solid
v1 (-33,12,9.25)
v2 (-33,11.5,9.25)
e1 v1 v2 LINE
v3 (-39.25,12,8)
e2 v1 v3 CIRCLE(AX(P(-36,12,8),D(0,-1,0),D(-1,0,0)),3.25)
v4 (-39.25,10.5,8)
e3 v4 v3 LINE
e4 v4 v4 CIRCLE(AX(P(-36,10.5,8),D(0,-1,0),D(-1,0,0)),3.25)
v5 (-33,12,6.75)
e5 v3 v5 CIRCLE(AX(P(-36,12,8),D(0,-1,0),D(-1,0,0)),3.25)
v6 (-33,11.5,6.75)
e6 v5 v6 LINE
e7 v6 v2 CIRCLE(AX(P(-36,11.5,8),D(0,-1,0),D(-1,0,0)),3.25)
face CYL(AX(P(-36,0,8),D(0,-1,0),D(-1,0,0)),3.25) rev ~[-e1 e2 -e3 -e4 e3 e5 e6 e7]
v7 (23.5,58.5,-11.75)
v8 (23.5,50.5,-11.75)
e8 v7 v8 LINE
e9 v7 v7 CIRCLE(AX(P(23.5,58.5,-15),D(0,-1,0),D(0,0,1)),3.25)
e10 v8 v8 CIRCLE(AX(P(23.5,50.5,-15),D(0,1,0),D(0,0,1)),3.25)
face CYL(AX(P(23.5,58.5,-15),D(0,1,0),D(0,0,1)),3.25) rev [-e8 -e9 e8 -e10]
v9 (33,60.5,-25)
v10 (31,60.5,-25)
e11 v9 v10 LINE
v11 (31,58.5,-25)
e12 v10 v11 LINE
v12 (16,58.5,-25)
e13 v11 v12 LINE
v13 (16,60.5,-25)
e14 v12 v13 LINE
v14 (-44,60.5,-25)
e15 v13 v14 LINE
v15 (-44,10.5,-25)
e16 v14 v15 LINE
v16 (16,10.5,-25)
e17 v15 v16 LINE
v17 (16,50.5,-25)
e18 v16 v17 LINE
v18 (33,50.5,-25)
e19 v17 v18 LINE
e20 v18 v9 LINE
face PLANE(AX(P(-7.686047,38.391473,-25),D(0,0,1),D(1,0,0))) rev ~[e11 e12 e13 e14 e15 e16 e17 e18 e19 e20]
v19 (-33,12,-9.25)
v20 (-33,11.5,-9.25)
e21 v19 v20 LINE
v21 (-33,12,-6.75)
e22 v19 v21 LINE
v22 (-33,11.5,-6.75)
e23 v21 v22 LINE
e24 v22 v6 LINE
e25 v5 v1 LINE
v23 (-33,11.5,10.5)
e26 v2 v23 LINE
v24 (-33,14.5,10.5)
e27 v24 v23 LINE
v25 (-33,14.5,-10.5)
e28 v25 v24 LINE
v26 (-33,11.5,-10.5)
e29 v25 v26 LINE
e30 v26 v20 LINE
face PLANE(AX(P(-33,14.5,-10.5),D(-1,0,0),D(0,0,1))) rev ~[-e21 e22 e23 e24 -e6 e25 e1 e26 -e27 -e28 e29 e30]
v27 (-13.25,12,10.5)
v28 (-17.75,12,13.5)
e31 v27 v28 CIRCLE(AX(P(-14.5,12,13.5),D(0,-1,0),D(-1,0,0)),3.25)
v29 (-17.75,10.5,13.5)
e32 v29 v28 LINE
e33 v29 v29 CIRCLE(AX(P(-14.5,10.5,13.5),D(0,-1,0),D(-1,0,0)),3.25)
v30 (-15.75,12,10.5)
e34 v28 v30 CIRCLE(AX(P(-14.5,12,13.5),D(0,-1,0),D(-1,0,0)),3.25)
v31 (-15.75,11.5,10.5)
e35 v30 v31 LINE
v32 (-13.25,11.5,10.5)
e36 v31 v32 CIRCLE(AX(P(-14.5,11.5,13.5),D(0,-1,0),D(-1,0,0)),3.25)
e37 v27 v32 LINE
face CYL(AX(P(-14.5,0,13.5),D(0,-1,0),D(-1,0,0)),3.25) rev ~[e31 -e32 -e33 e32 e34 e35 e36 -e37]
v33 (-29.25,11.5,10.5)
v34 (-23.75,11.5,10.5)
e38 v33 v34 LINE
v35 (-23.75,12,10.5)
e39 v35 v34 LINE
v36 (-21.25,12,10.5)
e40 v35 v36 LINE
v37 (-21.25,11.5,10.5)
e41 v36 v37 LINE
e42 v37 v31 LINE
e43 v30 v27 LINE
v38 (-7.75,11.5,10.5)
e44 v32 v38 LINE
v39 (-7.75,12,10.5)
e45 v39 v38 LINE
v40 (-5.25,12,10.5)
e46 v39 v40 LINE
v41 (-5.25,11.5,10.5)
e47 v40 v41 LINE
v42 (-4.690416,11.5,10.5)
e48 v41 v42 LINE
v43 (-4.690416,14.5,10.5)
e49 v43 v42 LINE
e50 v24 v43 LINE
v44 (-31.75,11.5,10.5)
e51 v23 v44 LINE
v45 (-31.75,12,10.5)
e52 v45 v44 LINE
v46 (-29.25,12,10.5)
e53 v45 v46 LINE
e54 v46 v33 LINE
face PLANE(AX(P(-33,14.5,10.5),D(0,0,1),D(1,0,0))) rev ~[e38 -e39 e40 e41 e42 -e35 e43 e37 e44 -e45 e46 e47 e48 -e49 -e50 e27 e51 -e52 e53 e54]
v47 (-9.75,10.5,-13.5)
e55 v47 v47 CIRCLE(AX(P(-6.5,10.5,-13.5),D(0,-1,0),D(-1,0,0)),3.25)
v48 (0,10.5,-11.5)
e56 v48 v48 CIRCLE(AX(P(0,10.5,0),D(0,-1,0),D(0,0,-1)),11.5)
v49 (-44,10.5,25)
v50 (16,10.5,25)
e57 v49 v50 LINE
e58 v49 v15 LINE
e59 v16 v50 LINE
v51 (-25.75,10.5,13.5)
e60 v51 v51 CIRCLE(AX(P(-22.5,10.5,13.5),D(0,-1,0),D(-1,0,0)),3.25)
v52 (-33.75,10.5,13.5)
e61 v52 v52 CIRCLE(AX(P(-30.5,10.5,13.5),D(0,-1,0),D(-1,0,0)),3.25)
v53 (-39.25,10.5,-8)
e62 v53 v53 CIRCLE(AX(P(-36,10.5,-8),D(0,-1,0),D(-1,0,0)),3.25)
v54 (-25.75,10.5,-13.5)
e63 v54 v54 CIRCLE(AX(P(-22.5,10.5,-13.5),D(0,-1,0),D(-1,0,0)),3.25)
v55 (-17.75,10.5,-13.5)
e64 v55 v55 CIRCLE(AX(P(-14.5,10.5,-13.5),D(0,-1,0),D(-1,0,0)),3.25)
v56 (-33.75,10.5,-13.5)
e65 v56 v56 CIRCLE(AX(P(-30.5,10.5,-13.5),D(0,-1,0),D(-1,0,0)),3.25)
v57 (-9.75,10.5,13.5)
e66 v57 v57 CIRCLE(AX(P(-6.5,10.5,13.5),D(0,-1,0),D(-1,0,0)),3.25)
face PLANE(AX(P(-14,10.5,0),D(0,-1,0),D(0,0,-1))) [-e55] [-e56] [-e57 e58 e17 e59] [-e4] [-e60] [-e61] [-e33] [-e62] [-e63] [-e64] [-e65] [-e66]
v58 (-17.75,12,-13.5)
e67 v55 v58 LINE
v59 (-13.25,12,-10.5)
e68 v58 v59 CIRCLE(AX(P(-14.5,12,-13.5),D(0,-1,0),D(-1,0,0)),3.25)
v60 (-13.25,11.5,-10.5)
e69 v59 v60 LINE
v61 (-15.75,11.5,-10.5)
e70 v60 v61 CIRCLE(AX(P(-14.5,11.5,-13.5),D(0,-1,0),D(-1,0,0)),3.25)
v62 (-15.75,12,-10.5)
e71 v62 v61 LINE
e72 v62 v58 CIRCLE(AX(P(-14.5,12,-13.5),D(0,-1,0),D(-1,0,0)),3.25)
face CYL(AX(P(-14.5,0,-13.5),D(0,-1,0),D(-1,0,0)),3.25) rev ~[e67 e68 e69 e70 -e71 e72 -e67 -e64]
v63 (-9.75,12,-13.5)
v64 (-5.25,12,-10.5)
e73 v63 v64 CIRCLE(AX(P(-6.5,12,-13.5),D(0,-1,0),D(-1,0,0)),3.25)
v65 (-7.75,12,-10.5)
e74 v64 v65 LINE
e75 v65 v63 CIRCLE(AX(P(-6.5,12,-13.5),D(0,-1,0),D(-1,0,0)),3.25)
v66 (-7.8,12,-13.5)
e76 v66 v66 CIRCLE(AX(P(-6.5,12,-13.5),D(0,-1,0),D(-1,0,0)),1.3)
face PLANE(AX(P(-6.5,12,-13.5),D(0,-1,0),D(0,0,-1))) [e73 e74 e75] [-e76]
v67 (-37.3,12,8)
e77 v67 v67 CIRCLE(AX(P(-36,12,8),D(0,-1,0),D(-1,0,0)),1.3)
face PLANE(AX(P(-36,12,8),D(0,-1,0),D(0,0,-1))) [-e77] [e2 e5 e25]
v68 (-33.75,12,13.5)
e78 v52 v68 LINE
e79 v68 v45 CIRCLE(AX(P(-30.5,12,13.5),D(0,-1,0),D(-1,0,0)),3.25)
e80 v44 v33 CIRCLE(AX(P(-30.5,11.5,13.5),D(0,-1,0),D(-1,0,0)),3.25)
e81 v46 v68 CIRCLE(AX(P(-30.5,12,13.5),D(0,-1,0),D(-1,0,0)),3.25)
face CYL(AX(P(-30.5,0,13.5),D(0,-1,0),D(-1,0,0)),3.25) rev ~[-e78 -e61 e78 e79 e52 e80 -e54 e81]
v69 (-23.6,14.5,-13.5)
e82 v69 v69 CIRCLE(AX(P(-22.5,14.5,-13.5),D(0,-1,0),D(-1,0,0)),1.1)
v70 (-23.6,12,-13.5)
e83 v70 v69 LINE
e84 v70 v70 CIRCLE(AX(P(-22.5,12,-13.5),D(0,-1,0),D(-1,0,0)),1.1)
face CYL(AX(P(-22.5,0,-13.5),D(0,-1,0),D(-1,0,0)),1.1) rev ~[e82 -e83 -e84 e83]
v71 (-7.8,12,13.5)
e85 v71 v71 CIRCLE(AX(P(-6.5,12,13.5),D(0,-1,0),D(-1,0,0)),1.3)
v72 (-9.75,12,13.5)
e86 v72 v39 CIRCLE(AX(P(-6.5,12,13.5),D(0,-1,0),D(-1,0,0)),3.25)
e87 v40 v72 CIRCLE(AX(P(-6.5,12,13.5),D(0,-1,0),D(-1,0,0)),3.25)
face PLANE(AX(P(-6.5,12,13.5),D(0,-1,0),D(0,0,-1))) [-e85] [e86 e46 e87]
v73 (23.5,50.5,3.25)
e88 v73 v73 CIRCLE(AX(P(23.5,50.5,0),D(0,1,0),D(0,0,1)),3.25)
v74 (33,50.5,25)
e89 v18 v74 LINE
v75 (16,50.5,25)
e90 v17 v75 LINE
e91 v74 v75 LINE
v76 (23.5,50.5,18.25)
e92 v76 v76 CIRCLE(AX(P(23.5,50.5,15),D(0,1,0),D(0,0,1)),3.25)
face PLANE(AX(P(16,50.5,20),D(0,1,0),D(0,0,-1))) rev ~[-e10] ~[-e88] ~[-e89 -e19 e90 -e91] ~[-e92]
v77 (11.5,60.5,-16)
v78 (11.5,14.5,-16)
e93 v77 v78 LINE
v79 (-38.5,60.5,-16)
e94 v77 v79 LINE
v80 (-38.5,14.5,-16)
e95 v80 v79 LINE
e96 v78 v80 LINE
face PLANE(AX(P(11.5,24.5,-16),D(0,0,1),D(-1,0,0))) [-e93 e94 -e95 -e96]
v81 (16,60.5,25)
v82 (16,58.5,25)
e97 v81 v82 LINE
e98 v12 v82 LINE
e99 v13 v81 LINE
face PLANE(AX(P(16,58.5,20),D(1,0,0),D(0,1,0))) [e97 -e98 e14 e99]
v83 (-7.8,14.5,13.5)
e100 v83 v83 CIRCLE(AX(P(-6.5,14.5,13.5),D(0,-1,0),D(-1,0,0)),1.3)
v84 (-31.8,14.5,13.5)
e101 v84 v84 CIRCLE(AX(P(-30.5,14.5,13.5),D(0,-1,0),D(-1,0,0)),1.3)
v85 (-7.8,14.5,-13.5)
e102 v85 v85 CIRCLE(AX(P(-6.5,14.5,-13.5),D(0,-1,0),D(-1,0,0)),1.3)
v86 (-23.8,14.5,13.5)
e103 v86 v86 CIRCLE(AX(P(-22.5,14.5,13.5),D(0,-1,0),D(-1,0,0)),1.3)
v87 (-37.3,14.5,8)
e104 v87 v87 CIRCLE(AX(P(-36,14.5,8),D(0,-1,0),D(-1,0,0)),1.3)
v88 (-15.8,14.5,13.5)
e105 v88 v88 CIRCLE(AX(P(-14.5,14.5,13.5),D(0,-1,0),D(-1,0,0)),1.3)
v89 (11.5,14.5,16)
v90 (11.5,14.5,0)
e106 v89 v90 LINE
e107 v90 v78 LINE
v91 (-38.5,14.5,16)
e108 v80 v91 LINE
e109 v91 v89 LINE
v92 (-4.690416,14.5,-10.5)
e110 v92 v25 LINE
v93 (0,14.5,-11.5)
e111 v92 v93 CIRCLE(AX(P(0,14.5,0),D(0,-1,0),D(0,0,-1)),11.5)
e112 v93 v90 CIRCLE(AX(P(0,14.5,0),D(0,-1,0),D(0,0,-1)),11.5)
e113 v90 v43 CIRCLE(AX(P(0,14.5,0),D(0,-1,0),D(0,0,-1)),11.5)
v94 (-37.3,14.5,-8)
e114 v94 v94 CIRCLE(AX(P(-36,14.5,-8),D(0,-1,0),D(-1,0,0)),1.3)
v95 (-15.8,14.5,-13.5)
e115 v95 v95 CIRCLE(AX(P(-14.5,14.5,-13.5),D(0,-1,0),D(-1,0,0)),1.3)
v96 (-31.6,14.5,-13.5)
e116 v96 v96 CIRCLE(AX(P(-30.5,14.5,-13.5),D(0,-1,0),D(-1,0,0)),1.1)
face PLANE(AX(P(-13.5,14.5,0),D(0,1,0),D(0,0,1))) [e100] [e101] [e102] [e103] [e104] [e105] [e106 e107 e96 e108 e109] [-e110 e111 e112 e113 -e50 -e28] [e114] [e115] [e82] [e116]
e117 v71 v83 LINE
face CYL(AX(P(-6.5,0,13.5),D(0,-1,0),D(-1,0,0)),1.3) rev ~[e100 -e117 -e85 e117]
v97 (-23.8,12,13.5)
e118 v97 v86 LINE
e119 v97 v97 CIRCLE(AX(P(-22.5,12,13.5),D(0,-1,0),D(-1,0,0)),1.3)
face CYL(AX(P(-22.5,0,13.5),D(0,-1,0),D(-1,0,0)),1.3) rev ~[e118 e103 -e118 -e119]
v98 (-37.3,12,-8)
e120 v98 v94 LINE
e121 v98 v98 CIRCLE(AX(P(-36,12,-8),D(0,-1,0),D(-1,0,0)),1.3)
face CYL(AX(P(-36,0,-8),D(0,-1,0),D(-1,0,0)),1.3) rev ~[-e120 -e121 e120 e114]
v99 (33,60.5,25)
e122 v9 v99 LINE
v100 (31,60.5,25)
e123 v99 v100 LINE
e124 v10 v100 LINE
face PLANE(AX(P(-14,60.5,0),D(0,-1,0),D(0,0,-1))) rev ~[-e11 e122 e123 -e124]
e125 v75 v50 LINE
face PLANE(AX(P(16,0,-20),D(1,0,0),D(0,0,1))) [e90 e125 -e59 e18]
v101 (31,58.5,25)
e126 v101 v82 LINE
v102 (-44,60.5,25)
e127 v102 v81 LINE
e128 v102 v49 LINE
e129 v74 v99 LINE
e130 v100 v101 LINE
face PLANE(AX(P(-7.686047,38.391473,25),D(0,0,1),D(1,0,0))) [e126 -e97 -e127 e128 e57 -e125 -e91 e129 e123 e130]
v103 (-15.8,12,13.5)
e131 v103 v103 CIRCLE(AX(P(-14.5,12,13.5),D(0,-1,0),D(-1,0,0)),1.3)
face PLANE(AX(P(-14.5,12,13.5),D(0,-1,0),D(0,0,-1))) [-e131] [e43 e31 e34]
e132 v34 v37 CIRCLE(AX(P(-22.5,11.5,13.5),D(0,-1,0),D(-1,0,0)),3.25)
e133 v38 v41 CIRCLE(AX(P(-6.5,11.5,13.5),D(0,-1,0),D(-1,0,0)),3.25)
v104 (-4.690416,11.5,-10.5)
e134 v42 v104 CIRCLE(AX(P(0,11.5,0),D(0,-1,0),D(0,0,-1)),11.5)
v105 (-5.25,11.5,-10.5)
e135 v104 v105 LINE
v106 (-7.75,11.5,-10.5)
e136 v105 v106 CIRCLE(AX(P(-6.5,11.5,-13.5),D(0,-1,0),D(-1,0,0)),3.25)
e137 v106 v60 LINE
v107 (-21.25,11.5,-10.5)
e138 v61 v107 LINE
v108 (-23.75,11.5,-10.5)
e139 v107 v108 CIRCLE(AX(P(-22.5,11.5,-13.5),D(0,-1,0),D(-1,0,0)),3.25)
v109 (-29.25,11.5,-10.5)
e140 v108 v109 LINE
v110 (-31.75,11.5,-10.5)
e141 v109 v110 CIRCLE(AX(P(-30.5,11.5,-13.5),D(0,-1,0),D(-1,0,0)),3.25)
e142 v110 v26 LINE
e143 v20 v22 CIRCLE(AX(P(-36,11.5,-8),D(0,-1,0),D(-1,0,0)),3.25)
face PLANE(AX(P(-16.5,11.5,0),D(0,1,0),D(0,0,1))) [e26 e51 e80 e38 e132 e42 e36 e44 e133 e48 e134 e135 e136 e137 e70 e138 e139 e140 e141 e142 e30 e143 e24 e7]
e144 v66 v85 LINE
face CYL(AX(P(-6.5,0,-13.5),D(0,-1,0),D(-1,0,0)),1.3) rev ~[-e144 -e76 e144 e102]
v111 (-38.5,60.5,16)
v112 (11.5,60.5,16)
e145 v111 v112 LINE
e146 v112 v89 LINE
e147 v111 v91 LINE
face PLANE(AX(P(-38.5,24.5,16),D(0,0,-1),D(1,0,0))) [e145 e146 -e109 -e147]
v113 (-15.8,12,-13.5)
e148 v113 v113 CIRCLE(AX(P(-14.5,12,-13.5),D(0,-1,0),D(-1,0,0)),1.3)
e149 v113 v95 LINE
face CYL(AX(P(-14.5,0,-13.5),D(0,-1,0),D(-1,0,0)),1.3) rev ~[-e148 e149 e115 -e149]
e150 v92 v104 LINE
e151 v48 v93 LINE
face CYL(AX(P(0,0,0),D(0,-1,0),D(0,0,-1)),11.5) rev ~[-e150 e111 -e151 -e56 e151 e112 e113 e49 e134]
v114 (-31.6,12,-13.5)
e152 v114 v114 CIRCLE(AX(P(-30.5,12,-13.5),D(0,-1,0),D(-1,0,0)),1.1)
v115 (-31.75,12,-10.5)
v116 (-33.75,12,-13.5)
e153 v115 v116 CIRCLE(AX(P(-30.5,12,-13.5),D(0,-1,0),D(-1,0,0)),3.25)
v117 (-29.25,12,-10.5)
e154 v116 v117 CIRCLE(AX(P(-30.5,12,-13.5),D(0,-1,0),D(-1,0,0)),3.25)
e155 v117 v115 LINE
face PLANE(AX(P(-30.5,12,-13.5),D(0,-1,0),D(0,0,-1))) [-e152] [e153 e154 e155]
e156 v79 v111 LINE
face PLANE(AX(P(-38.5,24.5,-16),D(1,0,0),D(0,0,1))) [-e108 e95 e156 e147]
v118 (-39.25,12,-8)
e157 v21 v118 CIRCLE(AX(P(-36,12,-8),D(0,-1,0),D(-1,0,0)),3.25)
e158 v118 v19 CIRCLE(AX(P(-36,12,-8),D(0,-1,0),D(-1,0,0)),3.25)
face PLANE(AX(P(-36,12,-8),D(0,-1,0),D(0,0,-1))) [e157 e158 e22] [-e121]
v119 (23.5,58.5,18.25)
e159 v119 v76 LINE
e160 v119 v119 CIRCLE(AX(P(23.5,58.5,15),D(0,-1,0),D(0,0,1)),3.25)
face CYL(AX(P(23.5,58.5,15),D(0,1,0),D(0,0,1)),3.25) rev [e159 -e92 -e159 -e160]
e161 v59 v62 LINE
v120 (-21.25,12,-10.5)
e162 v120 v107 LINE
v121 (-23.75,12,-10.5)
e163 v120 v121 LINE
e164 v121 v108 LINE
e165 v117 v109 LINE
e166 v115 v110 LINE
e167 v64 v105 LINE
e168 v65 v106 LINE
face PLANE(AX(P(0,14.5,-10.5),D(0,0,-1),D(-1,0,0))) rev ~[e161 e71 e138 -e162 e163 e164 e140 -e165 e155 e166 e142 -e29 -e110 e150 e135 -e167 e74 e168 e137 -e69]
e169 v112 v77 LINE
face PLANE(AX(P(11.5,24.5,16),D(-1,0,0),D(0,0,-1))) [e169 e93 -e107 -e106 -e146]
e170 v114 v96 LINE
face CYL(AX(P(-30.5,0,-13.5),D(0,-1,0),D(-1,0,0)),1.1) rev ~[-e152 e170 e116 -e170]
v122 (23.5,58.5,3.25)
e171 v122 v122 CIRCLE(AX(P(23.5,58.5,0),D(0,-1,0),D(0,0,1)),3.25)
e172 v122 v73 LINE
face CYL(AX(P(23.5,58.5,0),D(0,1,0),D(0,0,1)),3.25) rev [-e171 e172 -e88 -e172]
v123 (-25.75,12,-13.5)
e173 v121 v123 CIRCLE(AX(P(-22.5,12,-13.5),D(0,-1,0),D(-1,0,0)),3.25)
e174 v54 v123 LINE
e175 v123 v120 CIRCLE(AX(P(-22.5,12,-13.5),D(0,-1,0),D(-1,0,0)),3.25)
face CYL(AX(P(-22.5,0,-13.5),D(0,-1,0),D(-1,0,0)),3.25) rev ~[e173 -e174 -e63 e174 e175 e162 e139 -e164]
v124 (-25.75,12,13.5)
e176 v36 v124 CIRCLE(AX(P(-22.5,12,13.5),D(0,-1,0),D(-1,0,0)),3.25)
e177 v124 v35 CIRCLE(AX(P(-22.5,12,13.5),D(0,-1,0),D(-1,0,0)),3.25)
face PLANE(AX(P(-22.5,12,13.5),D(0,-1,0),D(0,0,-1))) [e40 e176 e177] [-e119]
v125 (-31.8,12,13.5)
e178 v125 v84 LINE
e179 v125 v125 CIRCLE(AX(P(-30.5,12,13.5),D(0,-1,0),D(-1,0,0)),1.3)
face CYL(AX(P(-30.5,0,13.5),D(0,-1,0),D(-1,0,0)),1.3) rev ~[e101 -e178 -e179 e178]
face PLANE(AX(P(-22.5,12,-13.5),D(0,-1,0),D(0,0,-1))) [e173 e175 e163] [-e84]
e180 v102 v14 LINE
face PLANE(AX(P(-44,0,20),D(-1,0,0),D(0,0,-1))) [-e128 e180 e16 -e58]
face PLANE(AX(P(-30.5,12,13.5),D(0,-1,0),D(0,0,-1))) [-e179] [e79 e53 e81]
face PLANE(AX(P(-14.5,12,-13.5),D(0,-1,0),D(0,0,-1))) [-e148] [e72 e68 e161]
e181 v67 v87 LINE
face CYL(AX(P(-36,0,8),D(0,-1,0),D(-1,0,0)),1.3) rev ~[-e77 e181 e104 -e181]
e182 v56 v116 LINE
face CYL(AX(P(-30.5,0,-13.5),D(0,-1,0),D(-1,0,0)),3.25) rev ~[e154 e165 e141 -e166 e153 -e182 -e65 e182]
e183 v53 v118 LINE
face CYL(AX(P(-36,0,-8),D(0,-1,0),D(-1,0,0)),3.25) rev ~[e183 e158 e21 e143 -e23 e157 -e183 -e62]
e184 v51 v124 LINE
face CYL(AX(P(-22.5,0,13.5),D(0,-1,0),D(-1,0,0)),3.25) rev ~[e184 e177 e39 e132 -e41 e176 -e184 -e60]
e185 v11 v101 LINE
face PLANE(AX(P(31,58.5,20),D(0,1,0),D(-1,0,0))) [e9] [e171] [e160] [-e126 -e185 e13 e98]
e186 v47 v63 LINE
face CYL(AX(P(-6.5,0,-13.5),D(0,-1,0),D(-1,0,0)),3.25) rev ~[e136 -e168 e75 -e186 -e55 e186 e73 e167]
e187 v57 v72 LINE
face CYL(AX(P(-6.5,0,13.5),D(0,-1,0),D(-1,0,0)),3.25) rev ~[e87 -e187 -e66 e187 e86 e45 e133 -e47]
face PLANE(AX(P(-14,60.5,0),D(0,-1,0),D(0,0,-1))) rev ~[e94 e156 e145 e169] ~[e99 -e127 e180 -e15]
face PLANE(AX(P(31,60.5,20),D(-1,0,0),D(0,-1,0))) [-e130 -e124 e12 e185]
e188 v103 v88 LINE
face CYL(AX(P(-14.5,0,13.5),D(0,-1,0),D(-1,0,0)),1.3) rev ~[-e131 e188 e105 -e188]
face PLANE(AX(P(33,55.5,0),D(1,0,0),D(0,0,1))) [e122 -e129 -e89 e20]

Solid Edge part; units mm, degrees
sketch "Sketch1" plane through (0, 0, 0) normal (0, -1, 0) x (1, 0, 0)
  line L0 (16, 20) -> (-44, 20)
  line L1 (-44, 20) -> (-44, -20)
  line L2 (-44, -20) -> (16, -20)
  line L3 (16, -20) -> (16, 20)
  dimension "D1" = 60
  dimension "D2" = 40
extrude "Protrusion1" add sketch "Sketch1" against normal blind 24.5
sketch "Sketch2" plane through (-14, 0, 0) normal (0, -1, 0) x (0, 0, -1)
  circle A0 centre (0, 14) radius 11.5
extrude "Cutout1" cut sketch "Sketch2" against normal through all
sketch "Sketch3" plane through (-14, 24.5, 0) normal (0, 1, 0) x (0, 0, 1)
  line L0 (-16, -24.5) -> (16, -24.5)
  line L1 (16, -24.5) -> (16, 25.5)
  line L2 (16, 25.5) -> (-16, 25.5)
  line L3 (-16, 25.5) -> (-16, -24.5)
  dimension "D1" = 50
  dimension "D2" = 32
  dimension "D3" = 11.5
extrude "VaciadoExtruido_2" cut sketch "Sketch3" against normal blind 10
sketch "Sketch4" plane through (-13.5, 14.5, 0) normal (0, 1, 0) x (0, 0, 1)
  line L0 (-10.5, -19.5) -> (10.5, -19.5)
  line L1 (10.5, -19.5) -> (10.5, 13.5)
  line L2 (10.5, 13.5) -> (-10.5, 13.5)
  line L3 (-10.5, 13.5) -> (-10.5, -19.5)
  dimension "D1" = 33
  dimension "D2" = 21
extrude "VaciadoExtruido_3" cut sketch "Sketch4" against normal blind 3
sketch "Sketch5" plane through (-14, 0, 15) normal (0, -1, 0) x (-1, 0, 0)
  circle A0 centre (-7.5, 28.5) radius 1.3
  circle A1 centre (8.5, 28.5) radius 1.1
  circle A2 centre (16.5, 28.5) radius 1.1
  circle A3 centre (-7.5, 1.5) radius 1.3
  circle A4 centre (0.5, 1.5) radius 1.3
  circle A5 centre (8.5, 1.5) radius 1.3
  circle A6 centre (16.5, 1.5) radius 1.3
  circle A7 centre (22, 23) radius 1.3
  circle A8 centre (22, 7) radius 1.3
  circle A9 centre (0.5, 28.5) radius 1.3
extrude "Cutout2" cut sketch "Sketch5" against normal up to vertex (14.5 mm away)
sketch "Sketch6" plane through (-14, 0, 15) normal (0, -1, 0) x (-1, 0, 0)
  circle A0 centre (-7.5, 1.5) radius 3.25
  circle A1 centre (0.5, 1.5) radius 3.25
  circle A2 centre (8.5, 1.5) radius 3.25
  circle A3 centre (16.5, 1.5) radius 3.25
  circle A4 centre (22, 7) radius 3.25
  circle A5 centre (22, 23) radius 3.25
  circle A6 centre (16.5, 28.5) radius 3.25
  circle A7 centre (0.5, 28.5) radius 3.25
  circle A8 centre (8.5, 28.5) radius 3.25
  circle A9 centre (-7.5, 28.5) radius 3.25
extrude "Cutout3" cut sketch "Sketch6" against normal blind 12
sketch "Sketch7" plane through (-14, 0, 0) normal (0, -1, 0) x (-1, 0, 0)
  line L0 (30, 20) -> (-30, 20)
  line L1 (-30, 20) -> (-30, -20)
  line L2 (-30, -20) -> (30, -20)
  line L3 (30, -20) -> (30, 20)
extrude "VaciadoExtruido_10" cut sketch "Sketch7" against normal blind 10.5
sketch "Sketch8" plane through (-14, 24.5, 0) normal (0, 1, 0) x (1, 0, 0)
  line L0 (-30, 20) -> (30, 20)
  line L1 (30, 20) -> (30, -20)
  line L2 (30, -20) -> (-30, -20)
  line L3 (-30, -20) -> (-30, 20)
  line L4 (-24.5, 16) -> (-24.5, -16)
  line L5 (-24.5, -16) -> (25.5, -16)
  line L6 (25.5, -16) -> (25.5, 16)
  line L7 (25.5, 16) -> (-24.5, 16)
extrude "ProtrusiónExtruida_7" add sketch "Sketch8" along normal blind 36
sketch "Sketch9" plane through (16, 35.5, 0) normal (1, 0, 0) x (0, 1, 0)
  line L0 (25, -20) -> (25, 20)
  line L1 (25, 20) -> (15, 20)
  line L2 (15, 20) -> (15, -20)
  line L3 (25, -20) -> (15, -20)
  dimension "D1" = 10
extrude "ProtrusiónExtruida_8" add sketch "Sketch9" along normal blind 17
sketch "Sketch10" plane through (-5.5, 35.5, 20) normal (0, 0, 1) x (-1, 0, 0)
  line L0 (-36.5, -25) -> (-36.5, -23)
  line L1 (-36.5, -23) -> (-21.5, -23)
  line L2 (-21.5, -23) -> (-21.5, -25)
  dimension "D1" = 2
  dimension "D2" = 2
extrude "Cutout4" cut sketch "Sketch10" against normal up to next material side at (30.95, 59.5, 20)
sketch "Sketch11" plane through (-5.5, 35.5, 20) normal (0, 0, 1) x (-1, 0, 0)
  line L0 (38.5, 25) -> (-21.5, 25)
  line L1 (-21.5, -15) -> (-21.5, 25)
  line L2 (-38.5, -15) -> (-21.5, -15)
  line L3 (-38.5, -15) -> (-38.5, -25)
  line L4 (-38.5, -25) -> (-36.5, -25)
  line L5 (-36.5, -25) -> (-36.5, -23)
  line L6 (-36.5, -23) -> (-21.5, -23)
  line L7 (-21.5, -25) -> (-21.5, -23)
  line L8 (38.5, -25) -> (-21.5, -25)
  line L9 (38.5, -25) -> (38.5, 25)
extrude "Protrusion2" add sketch "Sketch11" along normal blind 5
sketch "Sketch12" plane through (-5.5, 35.5, -20) normal (0, 0, -1) x (-1, 0, 0)
  line L0 (-38.5, 25) -> (-36.5, 25)
  line L1 (-36.5, 25) -> (-36.5, 23)
  line L2 (-36.5, 23) -> (-21.5, 23)
  line L3 (-21.5, 23) -> (-21.5, 25)
  line L4 (-21.5, 25) -> (38.5, 25)
  line L5 (38.5, 25) -> (38.5, -25)
  line L6 (38.5, -25) -> (-21.5, -25)
  line L7 (-21.5, -25) -> (-21.5, 15)
  line L8 (-21.5, 15) -> (-38.5, 15)
  line L9 (-38.5, 15) -> (-38.5, 25)
extrude "ProtrusiónExtruida_10" add sketch "Sketch12" along normal blind 5
hole "Agujero_8" at (23.5, 58.5, 15) direction (0, -1, 0) diameter 6.5 end up to next
hole "Hole1" at (23.5, 58.5, 0) direction (0, -1, 0) diameter 6.5 end up to next
hole "Hole2" at (23.5, 58.5, -15) direction (0, -1, 0) diameter 6.5 end up to next
